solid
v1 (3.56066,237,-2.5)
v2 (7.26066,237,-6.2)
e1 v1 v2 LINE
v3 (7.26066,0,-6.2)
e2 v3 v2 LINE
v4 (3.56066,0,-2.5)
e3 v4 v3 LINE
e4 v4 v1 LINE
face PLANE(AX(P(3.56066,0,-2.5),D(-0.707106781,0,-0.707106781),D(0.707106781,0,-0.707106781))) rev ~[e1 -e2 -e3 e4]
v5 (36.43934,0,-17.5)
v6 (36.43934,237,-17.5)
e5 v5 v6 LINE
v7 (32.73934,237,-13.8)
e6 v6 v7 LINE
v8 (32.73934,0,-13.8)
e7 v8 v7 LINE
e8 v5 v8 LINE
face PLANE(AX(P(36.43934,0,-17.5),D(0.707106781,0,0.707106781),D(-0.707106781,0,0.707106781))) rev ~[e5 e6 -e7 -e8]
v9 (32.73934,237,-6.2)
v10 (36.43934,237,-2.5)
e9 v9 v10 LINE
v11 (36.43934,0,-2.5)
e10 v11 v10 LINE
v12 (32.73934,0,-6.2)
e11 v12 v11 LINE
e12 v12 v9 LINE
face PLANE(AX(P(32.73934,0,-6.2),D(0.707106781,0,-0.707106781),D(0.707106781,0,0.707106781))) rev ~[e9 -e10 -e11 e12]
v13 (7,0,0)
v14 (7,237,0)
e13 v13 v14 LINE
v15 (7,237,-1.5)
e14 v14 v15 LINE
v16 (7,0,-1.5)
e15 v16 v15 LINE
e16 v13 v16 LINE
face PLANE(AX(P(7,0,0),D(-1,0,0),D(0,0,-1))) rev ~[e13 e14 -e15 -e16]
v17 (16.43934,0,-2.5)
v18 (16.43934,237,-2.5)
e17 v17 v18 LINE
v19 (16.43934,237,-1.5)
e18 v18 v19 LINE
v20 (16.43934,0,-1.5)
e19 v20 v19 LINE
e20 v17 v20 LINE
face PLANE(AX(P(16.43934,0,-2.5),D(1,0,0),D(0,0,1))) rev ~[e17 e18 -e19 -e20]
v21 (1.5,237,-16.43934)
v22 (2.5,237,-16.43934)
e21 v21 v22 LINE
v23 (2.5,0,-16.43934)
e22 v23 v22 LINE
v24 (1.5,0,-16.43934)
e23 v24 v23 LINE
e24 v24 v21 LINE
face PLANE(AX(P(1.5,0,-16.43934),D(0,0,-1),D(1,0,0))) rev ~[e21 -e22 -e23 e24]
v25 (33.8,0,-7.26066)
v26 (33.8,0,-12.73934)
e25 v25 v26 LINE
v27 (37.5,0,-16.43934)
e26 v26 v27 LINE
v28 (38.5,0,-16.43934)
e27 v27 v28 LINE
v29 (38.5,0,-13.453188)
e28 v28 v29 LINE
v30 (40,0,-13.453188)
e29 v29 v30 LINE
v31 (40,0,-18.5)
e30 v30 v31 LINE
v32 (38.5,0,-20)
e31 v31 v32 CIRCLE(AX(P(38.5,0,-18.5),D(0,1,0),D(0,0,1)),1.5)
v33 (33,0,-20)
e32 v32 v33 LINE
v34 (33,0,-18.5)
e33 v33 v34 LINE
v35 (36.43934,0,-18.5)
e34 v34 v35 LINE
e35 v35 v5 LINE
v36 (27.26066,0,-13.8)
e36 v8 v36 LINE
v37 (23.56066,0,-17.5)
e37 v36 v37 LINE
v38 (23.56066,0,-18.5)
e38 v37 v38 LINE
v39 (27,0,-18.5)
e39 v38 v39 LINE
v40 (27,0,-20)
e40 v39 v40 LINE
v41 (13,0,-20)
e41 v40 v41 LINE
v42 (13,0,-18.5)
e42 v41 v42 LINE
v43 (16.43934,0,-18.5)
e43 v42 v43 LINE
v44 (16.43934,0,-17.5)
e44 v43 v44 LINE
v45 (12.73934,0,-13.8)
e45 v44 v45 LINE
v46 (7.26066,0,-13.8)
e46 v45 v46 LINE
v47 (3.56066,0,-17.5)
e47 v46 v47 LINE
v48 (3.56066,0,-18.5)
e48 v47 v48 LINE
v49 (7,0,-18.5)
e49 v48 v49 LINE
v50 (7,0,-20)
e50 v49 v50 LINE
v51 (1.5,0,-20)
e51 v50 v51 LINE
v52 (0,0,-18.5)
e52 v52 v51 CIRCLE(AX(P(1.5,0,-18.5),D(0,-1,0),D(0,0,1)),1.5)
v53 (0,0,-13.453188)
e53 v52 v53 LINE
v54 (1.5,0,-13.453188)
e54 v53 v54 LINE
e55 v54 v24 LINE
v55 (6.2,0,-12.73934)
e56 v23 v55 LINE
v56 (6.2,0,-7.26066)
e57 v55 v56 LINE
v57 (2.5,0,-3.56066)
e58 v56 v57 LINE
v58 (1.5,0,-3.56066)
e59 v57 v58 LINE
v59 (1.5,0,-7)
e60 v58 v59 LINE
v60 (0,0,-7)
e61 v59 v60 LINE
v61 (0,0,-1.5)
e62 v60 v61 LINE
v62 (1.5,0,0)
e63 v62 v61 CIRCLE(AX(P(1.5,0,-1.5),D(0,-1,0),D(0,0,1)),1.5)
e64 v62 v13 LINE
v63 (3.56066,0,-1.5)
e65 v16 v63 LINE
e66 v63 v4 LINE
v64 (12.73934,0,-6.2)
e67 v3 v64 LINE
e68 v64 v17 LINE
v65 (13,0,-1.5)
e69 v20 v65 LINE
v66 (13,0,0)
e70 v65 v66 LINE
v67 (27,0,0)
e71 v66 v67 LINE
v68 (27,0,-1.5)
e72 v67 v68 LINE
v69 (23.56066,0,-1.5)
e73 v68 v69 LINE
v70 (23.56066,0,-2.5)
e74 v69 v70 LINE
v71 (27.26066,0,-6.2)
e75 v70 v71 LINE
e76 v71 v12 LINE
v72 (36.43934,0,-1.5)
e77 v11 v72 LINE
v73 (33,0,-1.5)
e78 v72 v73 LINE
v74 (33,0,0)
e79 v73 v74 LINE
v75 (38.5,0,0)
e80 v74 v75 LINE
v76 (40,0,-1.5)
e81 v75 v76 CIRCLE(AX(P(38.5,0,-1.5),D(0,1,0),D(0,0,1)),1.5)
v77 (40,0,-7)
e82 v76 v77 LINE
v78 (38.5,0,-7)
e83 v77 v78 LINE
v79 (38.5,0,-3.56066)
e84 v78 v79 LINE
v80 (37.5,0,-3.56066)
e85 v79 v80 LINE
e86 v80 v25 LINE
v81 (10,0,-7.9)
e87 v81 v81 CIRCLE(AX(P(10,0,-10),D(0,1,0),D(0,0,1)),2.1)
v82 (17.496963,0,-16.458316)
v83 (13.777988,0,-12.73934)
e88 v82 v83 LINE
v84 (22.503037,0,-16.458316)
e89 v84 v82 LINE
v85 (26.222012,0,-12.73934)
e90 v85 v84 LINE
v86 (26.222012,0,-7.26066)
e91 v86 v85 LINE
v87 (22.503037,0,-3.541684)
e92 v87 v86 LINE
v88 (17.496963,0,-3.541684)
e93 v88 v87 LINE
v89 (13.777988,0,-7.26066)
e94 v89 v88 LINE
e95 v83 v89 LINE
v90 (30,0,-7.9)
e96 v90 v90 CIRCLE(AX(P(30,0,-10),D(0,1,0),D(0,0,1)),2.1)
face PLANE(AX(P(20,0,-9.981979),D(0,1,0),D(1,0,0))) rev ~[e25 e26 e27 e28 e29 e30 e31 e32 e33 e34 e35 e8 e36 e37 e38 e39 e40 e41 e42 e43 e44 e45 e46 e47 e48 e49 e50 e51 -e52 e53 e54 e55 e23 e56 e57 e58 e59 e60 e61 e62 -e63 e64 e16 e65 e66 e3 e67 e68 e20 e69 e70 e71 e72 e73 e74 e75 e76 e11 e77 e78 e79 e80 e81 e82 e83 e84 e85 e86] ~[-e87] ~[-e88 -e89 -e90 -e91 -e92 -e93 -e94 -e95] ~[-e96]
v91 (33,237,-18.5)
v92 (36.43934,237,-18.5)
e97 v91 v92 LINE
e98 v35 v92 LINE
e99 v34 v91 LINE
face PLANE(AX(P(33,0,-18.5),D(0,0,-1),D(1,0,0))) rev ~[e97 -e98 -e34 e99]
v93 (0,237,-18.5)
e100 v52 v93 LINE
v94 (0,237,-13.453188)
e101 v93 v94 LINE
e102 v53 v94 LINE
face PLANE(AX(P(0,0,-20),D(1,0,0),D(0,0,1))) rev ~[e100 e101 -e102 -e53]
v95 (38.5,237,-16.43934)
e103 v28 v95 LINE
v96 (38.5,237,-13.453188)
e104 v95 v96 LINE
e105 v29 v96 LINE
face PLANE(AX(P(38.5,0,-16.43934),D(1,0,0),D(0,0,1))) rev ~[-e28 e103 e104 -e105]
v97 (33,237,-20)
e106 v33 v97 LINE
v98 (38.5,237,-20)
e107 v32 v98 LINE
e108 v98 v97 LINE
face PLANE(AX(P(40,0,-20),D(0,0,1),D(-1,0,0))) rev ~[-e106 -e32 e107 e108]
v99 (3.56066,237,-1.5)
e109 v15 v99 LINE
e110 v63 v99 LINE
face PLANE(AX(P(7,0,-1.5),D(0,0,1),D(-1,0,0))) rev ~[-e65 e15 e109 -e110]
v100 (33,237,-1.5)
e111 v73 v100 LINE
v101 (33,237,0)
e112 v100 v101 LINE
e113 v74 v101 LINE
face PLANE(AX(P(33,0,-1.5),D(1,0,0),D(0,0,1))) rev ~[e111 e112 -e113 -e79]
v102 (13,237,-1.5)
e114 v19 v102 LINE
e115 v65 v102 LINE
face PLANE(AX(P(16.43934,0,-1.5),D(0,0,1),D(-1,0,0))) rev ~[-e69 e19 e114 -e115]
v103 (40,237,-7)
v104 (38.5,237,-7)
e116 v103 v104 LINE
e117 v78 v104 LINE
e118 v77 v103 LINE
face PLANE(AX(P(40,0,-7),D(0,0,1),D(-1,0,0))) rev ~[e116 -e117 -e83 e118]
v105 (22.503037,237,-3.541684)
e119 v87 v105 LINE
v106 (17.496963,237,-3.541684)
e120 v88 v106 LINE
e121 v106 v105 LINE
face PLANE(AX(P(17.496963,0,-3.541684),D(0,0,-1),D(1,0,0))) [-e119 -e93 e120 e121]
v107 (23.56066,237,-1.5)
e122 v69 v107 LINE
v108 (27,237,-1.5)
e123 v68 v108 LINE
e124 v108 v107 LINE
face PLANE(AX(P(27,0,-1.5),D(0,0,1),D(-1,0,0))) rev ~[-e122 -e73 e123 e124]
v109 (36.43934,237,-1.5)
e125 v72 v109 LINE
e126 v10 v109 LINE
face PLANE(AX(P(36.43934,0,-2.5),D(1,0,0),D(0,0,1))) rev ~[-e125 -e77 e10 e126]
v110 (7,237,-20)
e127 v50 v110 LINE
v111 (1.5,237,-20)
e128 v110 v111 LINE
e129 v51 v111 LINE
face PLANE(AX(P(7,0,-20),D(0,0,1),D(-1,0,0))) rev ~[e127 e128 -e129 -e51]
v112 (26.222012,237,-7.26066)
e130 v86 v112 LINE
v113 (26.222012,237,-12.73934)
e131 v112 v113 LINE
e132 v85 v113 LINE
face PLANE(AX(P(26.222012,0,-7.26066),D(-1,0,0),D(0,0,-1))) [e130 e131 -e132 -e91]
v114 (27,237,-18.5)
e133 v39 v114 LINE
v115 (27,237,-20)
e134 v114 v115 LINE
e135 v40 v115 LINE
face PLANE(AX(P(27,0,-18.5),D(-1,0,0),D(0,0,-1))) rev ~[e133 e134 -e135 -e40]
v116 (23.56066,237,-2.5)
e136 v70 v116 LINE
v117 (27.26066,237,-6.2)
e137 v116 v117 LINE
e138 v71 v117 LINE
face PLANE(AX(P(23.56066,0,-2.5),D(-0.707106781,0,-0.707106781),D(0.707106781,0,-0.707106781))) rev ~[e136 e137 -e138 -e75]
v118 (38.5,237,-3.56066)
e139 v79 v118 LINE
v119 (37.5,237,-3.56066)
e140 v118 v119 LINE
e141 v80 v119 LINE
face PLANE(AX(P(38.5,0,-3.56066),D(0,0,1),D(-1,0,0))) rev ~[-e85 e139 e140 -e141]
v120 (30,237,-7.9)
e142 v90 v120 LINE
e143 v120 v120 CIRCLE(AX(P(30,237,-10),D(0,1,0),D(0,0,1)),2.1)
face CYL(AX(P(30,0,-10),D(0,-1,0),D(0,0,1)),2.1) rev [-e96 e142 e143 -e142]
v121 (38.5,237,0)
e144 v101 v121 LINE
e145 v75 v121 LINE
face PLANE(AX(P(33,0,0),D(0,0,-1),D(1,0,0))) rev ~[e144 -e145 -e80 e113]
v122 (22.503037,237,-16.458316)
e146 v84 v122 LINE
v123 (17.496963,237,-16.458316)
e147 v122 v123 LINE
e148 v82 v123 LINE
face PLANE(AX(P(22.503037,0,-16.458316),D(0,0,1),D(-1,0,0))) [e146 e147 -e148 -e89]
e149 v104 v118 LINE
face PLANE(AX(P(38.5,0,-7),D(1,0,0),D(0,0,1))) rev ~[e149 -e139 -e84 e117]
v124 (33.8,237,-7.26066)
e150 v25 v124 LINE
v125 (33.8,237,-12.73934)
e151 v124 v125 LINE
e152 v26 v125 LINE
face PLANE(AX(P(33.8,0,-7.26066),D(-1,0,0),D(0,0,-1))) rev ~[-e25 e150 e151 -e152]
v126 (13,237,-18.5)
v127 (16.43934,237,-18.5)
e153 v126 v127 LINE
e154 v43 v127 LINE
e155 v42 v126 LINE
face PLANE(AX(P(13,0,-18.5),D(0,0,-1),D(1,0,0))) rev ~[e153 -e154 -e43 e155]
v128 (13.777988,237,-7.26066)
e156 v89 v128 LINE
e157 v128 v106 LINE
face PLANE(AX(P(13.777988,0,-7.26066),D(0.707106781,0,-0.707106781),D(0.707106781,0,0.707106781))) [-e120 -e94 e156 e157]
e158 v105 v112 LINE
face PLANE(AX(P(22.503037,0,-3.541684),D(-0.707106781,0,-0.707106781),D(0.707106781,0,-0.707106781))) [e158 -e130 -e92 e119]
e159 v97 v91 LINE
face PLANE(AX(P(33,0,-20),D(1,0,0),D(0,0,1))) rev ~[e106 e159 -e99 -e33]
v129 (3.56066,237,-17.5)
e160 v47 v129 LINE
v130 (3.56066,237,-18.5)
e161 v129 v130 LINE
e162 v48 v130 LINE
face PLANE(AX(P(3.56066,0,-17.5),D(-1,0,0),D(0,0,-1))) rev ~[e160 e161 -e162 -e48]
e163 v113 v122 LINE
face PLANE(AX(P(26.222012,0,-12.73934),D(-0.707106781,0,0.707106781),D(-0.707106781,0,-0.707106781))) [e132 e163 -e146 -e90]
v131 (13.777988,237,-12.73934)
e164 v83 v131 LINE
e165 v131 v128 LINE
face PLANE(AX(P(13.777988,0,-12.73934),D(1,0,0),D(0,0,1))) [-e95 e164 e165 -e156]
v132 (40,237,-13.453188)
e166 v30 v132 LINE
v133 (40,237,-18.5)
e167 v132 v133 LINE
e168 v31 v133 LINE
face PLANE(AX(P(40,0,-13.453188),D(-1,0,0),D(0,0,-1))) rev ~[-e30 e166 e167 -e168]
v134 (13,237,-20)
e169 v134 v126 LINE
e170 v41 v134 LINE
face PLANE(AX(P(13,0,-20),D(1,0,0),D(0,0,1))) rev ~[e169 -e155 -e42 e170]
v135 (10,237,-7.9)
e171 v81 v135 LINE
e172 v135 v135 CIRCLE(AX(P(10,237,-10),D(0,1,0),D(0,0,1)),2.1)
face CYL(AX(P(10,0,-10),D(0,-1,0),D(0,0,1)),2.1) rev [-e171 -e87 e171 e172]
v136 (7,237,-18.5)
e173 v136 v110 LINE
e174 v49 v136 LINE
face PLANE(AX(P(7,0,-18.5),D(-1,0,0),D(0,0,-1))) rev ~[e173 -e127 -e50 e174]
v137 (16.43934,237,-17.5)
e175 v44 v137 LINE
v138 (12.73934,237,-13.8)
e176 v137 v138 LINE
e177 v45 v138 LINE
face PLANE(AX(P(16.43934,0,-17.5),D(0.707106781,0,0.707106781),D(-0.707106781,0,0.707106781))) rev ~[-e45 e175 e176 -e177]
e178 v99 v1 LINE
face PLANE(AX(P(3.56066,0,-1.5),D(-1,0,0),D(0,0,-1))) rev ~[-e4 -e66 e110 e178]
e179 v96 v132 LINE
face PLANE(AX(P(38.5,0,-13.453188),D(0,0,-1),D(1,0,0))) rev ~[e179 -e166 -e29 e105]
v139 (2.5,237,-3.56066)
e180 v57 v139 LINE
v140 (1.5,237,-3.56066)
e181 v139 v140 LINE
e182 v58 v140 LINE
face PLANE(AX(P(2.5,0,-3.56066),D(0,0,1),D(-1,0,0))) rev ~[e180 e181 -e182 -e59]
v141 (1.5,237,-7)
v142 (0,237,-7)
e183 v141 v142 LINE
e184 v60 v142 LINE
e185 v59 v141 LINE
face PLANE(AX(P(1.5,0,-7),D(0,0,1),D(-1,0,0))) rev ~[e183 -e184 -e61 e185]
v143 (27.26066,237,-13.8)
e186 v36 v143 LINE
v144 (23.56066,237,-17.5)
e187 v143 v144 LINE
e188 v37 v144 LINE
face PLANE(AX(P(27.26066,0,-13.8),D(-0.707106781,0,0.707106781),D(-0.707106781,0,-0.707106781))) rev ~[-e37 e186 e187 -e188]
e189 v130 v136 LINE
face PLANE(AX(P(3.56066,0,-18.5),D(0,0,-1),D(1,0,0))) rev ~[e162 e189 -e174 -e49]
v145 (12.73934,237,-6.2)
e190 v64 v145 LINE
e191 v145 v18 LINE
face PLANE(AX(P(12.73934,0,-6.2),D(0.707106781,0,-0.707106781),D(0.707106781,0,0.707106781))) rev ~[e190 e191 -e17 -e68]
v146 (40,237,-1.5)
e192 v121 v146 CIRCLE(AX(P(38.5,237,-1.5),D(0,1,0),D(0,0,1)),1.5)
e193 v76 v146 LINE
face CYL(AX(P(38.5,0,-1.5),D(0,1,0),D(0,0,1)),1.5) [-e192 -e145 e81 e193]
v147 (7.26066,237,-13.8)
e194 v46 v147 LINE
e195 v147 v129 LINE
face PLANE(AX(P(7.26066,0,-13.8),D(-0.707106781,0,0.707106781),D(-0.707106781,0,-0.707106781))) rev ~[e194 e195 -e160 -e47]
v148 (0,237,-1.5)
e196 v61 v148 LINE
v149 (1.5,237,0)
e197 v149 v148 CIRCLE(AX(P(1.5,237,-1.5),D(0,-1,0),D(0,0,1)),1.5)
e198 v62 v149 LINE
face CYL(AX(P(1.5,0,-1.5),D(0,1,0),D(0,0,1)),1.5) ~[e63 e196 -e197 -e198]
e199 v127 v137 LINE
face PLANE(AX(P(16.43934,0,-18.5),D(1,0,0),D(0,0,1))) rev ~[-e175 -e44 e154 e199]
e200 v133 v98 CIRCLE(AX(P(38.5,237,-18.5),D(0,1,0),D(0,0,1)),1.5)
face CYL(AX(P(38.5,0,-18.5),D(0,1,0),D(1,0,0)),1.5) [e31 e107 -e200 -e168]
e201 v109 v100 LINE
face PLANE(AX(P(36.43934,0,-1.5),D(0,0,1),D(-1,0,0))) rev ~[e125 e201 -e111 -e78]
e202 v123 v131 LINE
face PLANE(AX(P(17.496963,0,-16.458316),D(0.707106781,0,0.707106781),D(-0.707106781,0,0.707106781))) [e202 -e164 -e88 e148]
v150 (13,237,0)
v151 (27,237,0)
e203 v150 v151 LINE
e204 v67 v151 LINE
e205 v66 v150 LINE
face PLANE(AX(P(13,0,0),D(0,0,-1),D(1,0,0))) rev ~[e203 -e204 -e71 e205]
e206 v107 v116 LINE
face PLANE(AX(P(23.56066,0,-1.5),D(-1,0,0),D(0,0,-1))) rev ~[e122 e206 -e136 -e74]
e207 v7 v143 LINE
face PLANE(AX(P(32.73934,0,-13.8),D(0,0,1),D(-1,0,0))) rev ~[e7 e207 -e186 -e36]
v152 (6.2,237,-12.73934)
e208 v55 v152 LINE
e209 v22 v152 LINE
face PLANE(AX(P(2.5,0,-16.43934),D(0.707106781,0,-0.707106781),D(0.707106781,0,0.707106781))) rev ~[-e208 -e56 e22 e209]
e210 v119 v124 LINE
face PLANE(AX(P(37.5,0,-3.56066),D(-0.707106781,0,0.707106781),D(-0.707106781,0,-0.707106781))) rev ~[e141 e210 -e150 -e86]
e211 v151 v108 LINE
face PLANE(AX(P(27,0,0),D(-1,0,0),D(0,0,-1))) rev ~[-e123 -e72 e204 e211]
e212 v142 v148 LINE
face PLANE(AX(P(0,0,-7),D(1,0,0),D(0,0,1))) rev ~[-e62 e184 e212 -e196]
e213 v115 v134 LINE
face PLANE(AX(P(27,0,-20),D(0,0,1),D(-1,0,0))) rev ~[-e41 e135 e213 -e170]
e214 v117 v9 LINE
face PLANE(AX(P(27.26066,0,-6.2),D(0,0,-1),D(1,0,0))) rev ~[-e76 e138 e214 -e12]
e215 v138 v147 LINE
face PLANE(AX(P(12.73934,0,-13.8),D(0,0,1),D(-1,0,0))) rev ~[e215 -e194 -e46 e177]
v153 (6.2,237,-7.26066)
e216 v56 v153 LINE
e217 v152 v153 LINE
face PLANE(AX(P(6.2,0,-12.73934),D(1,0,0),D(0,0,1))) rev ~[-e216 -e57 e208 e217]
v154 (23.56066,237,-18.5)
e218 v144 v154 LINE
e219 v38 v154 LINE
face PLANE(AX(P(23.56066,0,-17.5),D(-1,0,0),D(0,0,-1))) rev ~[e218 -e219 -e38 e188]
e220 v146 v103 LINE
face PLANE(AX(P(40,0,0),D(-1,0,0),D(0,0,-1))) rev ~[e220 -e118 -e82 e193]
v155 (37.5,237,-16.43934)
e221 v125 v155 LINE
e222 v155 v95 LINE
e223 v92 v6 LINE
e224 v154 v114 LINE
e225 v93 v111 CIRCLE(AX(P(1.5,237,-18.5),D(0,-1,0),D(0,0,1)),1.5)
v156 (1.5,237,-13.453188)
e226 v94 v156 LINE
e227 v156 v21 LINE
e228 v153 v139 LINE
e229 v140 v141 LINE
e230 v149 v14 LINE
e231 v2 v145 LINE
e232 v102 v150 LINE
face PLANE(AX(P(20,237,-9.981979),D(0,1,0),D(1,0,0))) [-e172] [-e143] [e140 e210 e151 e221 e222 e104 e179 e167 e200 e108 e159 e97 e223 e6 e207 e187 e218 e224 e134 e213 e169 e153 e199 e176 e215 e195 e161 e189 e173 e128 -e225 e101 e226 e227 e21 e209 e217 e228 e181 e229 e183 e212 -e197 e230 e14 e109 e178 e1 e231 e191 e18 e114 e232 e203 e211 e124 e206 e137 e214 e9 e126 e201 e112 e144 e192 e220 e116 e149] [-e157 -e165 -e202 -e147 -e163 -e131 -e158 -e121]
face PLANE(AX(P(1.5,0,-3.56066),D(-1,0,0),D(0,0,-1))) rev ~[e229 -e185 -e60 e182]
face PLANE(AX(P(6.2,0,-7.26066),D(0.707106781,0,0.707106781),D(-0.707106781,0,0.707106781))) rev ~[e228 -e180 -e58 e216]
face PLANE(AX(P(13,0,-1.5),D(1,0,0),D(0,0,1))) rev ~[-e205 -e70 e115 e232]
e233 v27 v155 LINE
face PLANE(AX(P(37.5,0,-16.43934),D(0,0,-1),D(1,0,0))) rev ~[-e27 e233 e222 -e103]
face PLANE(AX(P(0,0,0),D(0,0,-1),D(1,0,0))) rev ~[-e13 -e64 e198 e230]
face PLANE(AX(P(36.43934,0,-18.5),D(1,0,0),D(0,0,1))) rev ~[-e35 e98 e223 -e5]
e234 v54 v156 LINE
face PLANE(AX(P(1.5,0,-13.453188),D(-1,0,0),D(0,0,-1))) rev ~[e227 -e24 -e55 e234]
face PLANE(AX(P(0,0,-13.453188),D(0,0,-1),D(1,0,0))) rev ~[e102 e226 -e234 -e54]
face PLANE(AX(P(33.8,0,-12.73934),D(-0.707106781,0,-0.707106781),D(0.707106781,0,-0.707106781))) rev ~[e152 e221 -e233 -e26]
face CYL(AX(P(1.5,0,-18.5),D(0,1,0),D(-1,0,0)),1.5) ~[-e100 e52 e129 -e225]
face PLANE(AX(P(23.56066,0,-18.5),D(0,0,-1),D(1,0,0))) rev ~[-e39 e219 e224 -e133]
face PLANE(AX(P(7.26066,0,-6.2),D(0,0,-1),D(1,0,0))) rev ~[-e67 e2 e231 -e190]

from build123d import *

# Parameters (mm, degrees)
SKETCH1_R           = 2.1
BOSS_EXTRUDE1_DEPTH = 237
FILLET1_R           = 1.5


with BuildPart() as part:
    # Sketch1 → Boss-Extrude1 (new body)
    with BuildSketch(Plane(origin=(0, 0, 0), x_dir=(1, 0, 0), z_dir=(0, 1, 0))):
        Polygon((0, 0), (7, 0), (7, 1.5), (3.560660172, 1.5), (3.560660172, 2.5), (7.260660172, 6.2), (12.739339828, 6.2), (16.439339828, 2.5), (16.439339828, 1.5), (13, 1.5), (13, 0), (27, 0), (27, 1.5), (23.560660172, 1.5), (23.560660172, 2.5), (27.260660172, 6.2), (32.739339828, 6.2), (36.439339828, 2.5), (36.439339828, 1.5), (33, 1.5), (33, 0), (40, 0), (40, 7), (38.5, 7), (38.5, 3.560660172), (37.5, 3.560660172), (33.8, 7.260660172), (33.8, 12.739339828), (37.5, 16.439339828), (38.5, 16.439339828), (38.5, 13.45318801), (40, 13.45318801), (40, 20), (33, 20), (33, 18.5), (36.439339828, 18.5), (36.439339828, 17.5), (32.739339828, 13.8), (27.260660172, 13.8), (23.560660172, 17.5), (23.560660172, 18.5), (27, 18.5), (27, 20), (13, 20), (13, 18.5), (16.439339828, 18.5), (16.439339828, 17.5), (12.739339828, 13.8), (7.260660172, 13.8), (3.560660172, 17.5), (3.560660172, 18.5), (7, 18.5), (7, 20), (0, 20), (0, 13.45318801), (1.5, 13.45318801), (1.5, 16.439339828), (2.5, 16.439339828), (6.2, 12.739339828), (6.2, 7.260660172), (2.5, 3.560660172), (1.5, 3.560660172), (1.5, 7), (0, 7), align=None)
        with Locations(Location((10, 10, 0), (0, 0, 270))):
            Circle(SKETCH1_R, mode=Mode.SUBTRACT)
        with Locations(Location((30, 10, 0), (0, 0, 270))):
            Circle(SKETCH1_R, mode=Mode.SUBTRACT)
        Polygon((17.496963478, 16.458315541), (13.777987766, 12.739339828), (13.777987766, 7.260660172), (17.496963478, 3.541684459), (22.503036522, 3.541684459), (26.222012234, 7.260660172), (26.222012234, 12.739339828), (22.503036522, 16.458315541), align=None, mode=Mode.SUBTRACT)
    extrude(amount=BOSS_EXTRUDE1_DEPTH)

    # Fillet1
    fillet1_edges = [part.edges().sort_by_distance(p)[0] for p in [
        (40, 118.5, -20),
        (40, 118.5, 0),
        (0, 118.5, 0),
        (0, 118.5, -20),
    ]]
    fillet(fillet1_edges, radius=FILLET1_R)


solid = part.part
